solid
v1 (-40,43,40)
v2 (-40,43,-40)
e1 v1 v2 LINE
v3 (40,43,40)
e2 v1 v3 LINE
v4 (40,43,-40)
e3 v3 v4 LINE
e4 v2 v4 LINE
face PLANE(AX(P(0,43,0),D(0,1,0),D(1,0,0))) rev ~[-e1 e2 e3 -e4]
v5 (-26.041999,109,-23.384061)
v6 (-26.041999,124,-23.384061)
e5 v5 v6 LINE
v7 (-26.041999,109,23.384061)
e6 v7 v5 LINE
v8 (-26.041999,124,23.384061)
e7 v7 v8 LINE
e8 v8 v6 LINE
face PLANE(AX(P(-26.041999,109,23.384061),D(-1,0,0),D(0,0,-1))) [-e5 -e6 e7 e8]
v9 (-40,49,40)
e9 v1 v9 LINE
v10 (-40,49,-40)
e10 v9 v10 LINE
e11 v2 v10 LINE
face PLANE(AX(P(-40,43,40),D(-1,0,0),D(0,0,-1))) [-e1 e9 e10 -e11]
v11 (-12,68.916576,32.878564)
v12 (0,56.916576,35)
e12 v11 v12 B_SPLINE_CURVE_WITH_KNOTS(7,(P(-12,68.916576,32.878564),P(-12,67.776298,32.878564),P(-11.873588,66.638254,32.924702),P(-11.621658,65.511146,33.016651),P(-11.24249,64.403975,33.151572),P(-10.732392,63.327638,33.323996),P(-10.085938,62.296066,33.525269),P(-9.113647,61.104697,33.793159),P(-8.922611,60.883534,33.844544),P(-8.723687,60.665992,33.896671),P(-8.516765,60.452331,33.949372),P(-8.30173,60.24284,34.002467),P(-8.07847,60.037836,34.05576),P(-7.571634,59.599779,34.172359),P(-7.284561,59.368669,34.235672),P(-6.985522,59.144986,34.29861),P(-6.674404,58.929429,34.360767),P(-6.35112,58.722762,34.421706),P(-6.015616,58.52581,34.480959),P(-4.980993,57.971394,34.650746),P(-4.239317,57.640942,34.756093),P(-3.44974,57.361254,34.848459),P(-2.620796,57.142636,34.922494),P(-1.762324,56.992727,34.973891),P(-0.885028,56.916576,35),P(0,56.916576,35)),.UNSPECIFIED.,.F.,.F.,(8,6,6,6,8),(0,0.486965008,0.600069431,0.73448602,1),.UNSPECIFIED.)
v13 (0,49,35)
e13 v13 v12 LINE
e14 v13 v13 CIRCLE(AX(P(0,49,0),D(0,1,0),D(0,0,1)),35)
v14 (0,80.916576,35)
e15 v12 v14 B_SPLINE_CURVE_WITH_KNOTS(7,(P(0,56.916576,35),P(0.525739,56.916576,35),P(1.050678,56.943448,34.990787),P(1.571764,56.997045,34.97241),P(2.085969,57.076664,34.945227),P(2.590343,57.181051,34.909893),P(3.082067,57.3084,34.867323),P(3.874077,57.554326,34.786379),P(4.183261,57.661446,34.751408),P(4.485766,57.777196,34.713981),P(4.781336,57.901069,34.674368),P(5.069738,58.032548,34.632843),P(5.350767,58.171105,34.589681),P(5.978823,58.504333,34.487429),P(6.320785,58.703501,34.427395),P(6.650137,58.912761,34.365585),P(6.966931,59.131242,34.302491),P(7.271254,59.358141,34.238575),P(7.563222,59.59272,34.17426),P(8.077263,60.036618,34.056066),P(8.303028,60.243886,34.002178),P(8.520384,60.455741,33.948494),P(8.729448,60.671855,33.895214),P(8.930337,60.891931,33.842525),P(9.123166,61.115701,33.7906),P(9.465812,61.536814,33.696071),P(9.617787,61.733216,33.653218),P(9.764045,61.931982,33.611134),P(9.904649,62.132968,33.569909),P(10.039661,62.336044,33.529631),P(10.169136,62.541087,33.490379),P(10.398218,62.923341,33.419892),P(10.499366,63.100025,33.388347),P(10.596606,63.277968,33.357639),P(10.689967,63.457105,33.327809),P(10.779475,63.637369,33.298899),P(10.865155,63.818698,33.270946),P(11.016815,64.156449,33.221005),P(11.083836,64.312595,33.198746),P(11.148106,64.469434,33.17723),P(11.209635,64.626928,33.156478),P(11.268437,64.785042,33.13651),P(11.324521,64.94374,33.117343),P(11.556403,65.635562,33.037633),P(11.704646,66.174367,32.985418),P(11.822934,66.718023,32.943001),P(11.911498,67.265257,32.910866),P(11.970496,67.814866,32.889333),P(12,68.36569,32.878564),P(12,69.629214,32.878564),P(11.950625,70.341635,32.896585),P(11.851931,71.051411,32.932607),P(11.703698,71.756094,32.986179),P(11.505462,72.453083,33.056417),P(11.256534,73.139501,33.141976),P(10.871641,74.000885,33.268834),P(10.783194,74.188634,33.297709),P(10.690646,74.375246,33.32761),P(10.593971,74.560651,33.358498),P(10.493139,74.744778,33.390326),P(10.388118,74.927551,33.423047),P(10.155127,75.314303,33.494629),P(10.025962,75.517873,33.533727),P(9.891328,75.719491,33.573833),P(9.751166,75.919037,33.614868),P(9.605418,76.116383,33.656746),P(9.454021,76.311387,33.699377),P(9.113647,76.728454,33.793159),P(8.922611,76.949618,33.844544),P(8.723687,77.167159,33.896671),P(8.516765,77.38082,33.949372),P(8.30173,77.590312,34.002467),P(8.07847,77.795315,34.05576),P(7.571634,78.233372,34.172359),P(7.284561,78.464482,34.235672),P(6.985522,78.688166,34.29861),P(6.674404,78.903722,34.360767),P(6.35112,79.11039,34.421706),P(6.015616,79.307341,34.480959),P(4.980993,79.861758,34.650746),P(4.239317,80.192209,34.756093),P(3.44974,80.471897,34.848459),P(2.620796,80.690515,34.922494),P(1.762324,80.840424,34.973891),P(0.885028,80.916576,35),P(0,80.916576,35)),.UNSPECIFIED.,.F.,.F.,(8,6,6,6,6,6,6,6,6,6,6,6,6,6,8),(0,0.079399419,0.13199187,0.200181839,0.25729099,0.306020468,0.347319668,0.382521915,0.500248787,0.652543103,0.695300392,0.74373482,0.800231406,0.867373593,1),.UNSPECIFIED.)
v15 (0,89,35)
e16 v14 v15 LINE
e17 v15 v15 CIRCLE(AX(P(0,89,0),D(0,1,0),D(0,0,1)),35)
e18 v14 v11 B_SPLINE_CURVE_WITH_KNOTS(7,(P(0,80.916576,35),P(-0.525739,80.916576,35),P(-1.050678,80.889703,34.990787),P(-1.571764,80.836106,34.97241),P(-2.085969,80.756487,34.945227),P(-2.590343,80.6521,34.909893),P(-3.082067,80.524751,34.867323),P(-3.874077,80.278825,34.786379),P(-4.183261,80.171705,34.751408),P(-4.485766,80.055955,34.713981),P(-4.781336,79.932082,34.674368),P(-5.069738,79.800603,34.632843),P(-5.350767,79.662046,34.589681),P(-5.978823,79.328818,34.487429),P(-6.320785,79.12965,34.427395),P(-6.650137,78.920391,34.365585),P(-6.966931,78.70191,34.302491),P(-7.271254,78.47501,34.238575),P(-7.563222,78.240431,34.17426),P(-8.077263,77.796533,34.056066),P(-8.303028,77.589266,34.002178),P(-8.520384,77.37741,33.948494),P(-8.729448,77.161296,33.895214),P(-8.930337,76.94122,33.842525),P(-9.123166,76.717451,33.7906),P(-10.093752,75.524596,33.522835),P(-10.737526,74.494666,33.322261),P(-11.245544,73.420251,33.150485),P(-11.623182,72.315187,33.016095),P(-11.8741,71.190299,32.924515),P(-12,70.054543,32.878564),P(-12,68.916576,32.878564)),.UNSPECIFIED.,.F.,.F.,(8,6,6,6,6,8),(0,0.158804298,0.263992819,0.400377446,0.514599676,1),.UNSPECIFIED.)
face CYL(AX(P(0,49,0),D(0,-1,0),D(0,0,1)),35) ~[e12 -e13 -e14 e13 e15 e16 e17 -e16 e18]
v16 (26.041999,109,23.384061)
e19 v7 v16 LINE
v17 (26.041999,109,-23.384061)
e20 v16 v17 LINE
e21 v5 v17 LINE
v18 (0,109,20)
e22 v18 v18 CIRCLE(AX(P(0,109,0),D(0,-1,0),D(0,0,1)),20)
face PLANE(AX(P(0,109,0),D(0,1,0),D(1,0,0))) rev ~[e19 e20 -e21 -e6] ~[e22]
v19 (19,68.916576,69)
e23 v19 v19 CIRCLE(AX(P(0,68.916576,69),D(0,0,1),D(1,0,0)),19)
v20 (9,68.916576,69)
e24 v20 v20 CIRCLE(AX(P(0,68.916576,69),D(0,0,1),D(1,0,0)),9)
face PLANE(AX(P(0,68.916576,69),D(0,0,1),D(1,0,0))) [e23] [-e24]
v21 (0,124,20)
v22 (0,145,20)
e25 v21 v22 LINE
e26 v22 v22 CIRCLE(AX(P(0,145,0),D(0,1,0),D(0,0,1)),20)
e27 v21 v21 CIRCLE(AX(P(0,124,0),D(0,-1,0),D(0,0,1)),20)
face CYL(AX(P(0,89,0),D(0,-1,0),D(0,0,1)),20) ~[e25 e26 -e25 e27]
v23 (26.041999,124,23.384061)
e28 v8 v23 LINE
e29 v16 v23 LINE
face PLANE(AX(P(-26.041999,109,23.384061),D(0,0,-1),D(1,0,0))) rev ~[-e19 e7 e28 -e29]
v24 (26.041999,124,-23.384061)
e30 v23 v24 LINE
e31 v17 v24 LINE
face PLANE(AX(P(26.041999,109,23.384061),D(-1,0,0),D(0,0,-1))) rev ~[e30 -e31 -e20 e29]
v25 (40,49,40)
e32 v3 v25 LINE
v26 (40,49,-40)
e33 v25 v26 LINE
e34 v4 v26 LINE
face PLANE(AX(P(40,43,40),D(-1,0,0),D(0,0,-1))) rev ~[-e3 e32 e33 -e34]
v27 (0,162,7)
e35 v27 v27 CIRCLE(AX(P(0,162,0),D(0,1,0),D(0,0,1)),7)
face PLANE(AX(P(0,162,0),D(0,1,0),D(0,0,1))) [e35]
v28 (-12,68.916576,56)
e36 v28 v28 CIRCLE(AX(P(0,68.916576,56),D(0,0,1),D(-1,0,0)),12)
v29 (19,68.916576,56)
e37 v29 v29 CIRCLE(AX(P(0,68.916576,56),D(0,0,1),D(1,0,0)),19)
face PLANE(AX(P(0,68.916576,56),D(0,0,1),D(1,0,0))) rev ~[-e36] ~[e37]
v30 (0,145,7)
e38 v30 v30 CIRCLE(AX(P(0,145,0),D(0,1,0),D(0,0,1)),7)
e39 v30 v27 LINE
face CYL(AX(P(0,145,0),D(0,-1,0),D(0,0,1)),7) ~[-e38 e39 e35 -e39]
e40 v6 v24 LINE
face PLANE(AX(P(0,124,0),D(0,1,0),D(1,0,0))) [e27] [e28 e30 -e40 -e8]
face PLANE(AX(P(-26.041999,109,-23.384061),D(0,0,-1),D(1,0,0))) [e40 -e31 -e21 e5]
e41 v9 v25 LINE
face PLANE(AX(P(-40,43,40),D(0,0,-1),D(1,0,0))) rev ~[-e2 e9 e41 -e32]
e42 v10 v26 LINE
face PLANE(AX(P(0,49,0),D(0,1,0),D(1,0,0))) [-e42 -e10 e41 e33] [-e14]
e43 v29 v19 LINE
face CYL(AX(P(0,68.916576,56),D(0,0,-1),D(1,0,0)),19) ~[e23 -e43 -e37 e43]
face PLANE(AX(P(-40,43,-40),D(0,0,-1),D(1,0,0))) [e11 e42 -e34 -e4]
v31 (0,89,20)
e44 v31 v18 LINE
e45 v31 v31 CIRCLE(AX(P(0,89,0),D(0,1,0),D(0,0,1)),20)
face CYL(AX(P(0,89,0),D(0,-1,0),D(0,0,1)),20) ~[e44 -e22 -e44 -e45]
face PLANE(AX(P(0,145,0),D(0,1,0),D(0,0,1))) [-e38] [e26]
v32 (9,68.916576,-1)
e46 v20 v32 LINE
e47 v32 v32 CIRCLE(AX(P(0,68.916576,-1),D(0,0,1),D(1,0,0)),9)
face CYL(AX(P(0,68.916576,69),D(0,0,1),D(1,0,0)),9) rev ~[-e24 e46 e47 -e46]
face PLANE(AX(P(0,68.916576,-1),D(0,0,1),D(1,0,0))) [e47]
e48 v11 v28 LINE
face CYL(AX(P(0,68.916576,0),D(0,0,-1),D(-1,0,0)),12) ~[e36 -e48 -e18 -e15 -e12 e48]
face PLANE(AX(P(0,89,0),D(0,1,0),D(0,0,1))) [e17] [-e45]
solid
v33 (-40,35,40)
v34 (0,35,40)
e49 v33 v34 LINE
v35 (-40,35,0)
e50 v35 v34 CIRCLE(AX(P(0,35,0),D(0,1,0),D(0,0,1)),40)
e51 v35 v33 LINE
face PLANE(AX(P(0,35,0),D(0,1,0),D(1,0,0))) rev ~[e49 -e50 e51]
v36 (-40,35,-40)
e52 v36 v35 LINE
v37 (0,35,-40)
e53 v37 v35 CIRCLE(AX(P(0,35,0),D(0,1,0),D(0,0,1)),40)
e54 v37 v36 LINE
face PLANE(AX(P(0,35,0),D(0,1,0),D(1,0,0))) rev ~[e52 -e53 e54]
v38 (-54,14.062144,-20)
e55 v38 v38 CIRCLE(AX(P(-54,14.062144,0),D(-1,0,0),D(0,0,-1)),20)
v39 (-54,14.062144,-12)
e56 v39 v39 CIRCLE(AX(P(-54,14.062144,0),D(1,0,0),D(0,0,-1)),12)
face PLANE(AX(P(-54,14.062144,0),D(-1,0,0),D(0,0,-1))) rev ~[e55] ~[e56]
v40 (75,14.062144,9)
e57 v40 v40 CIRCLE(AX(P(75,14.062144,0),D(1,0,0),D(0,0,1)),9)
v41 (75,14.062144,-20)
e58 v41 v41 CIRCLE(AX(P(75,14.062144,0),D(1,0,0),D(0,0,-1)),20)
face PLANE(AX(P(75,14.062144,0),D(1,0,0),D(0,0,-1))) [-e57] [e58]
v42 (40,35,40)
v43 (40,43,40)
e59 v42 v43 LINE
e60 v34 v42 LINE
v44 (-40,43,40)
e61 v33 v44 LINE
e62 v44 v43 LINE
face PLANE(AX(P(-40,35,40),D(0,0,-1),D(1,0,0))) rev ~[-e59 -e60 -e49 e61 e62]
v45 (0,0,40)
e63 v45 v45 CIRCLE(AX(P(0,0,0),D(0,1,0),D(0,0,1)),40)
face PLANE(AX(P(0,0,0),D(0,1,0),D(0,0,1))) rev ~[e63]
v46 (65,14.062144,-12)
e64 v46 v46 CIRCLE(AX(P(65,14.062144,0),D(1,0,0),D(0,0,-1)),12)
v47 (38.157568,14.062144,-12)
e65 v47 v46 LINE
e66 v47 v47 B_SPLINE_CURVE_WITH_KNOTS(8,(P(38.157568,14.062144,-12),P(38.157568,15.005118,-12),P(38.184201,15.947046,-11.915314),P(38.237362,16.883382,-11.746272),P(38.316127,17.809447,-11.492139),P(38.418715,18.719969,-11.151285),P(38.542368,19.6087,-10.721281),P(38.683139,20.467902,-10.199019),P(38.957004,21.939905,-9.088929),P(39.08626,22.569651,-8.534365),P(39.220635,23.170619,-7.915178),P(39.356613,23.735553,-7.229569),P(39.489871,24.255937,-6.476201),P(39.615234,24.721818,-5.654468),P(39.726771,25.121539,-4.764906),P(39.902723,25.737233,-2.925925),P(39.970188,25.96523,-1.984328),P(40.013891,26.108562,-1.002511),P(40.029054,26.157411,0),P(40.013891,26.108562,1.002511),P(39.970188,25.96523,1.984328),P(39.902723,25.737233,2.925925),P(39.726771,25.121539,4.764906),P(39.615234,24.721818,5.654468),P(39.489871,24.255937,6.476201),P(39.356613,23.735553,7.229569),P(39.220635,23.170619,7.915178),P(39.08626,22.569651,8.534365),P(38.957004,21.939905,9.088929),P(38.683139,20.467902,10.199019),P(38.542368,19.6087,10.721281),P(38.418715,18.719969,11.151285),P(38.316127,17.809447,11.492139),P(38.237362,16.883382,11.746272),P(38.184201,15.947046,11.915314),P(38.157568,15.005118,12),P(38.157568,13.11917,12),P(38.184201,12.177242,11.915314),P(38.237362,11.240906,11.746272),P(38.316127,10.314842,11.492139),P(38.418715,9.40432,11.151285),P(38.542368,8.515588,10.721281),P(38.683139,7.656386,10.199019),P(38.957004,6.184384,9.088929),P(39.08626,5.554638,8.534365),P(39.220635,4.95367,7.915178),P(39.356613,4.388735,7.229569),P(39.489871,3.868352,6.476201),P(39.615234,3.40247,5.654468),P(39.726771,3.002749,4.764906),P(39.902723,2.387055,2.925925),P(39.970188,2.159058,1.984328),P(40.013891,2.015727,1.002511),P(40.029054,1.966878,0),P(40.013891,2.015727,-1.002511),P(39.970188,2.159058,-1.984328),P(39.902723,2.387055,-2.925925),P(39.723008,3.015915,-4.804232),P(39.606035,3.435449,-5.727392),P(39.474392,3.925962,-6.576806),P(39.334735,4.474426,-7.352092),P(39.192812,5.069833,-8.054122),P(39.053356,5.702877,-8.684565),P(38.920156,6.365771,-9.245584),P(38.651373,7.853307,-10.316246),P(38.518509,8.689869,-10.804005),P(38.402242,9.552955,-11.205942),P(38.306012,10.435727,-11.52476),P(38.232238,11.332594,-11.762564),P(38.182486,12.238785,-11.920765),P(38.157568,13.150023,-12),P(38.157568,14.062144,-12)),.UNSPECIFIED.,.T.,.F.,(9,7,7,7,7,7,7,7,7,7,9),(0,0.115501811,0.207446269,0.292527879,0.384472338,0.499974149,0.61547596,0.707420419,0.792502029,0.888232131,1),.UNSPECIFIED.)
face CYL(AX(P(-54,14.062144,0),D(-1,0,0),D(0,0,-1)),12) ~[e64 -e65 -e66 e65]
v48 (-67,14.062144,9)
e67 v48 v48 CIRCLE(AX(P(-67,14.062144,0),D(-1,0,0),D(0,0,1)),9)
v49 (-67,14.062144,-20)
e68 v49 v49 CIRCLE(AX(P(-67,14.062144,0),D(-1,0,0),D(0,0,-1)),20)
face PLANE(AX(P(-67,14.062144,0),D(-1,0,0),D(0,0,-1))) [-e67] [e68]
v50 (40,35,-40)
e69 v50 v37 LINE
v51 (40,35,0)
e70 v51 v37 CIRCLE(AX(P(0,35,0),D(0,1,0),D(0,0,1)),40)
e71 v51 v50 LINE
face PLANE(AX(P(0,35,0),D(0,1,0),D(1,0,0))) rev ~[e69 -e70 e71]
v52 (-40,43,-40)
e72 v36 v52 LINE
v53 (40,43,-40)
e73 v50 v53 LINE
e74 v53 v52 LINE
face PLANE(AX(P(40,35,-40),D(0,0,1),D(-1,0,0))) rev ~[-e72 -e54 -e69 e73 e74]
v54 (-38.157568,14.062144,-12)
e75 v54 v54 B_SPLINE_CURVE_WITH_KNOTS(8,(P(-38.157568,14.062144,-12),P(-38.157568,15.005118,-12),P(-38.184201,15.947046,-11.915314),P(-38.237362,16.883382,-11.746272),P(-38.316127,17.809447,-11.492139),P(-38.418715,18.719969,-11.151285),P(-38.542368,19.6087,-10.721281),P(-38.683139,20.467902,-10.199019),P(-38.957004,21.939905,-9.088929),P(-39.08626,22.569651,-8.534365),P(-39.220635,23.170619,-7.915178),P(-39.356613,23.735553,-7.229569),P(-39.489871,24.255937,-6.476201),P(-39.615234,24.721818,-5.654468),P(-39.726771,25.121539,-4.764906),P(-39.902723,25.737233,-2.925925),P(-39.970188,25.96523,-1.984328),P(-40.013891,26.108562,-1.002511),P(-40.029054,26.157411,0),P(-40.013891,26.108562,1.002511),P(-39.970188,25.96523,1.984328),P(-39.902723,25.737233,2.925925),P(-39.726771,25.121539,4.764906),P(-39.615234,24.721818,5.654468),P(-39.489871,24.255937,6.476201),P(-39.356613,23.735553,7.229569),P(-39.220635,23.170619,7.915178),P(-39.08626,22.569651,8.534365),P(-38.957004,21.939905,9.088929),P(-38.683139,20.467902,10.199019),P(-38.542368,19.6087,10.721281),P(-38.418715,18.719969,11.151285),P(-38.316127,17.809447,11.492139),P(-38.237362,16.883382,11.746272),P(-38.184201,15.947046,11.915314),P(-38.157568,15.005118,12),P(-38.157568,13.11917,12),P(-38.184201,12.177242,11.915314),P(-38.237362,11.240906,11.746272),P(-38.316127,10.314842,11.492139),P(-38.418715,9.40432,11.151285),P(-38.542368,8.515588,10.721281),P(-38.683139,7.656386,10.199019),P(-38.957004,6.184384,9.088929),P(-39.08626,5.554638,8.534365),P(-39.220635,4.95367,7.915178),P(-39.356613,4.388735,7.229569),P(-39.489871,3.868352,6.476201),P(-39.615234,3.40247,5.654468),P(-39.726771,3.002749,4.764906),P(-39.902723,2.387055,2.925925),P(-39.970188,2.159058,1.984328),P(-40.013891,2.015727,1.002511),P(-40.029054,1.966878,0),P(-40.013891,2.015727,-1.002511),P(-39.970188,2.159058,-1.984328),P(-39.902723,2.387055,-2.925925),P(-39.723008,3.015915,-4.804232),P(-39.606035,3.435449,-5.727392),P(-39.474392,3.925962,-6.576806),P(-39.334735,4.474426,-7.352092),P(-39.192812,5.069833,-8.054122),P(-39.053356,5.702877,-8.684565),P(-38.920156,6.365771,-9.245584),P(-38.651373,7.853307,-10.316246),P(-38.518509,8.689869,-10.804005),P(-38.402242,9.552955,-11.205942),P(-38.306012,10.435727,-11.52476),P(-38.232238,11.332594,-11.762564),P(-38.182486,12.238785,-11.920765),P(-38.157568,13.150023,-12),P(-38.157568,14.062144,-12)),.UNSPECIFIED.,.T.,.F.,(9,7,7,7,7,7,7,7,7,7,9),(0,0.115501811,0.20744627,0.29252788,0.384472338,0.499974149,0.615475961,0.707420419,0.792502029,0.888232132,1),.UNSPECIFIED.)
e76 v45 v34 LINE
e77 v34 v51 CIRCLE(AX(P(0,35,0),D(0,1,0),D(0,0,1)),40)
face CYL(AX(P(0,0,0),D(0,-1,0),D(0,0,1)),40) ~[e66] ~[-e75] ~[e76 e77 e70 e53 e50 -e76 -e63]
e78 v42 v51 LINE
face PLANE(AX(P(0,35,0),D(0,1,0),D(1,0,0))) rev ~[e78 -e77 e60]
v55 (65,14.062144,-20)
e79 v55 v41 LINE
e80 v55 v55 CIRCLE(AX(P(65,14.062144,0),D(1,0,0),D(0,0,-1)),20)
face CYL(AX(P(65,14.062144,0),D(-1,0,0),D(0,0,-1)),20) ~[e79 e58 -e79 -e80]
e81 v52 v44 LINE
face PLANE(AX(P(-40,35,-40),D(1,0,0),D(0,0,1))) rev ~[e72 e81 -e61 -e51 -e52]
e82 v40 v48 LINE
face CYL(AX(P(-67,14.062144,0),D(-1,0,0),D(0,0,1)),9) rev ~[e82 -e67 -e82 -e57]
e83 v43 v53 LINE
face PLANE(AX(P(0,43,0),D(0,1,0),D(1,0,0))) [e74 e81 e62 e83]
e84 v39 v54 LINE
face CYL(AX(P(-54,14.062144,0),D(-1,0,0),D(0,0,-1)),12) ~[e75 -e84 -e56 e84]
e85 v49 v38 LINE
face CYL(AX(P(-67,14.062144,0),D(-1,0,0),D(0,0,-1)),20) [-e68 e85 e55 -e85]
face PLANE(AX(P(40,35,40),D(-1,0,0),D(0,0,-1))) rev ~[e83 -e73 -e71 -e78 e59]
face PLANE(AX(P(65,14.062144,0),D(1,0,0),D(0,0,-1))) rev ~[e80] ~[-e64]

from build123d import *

# Parameters (mm, degrees)
SKETCH1_R                = 40
BOSS_EXTRUDE1_DEPTH      = 35
BOSS_EXTRUDE2_DEPTH      = 65
BOSS_EXTRUDE2_DEPTH_BACK = 54
SKETCH2_R                = 12
SKETCH3_R                = 20
BOSS_EXTRUDE3_DEPTH      = 10
BOSS_EXTRUDE4_DEPTH      = 8
SKETCH8_W                = 80
SKETCH8_H                = 80
BOSS_EXTRUDE5_DEPTH      = 6
SKETCH9_R                = 35
BOSS_EXTRUDE6_DEPTH      = 40
SKETCH10_R               = 20
BOSS_EXTRUDE7_DEPTH      = 56
SKETCH13_W               = 52.083997036
SKETCH13_H               = 46.768122186
BOSS_EXTRUDE8_DEPTH      = 15
SKETCH14_R               = 12
BOSS_EXTRUDE9_DEPTH      = 56
SKETCH15_R               = 19
BOSS_EXTRUDE10_DEPTH     = 13
SKETCH21_R               = 7
BOSS_EXTRUDE12_DEPTH     = 17
BOSS_EXTRUDE11_START     = 13
SKETCH18_R               = 20
BOSS_EXTRUDE11_DEPTH     = 13
SKETCH20_R               = 9
CUT_EXTRUDE3_DEPTH       = 37
CUT_EXTRUDE2_START       = -159
SKETCH4_R                = 9
CUT_EXTRUDE2_DEPTH       = 159
SKETCH16_R               = 9
CUT_EXTRUDE4_DEPTH       = 70


with BuildPart() as part:
    # Sketch1 → Boss-Extrude1 (new body)
    with BuildSketch(Plane(origin=(0, 0, 0), x_dir=(1, 0, 0), z_dir=(0, 1, 0))):
        with Locations(Location((0, 0, 0), (0, 0, 270))):
            Circle(SKETCH1_R)
    extrude(amount=BOSS_EXTRUDE1_DEPTH)

    # Sketch2 → Boss-Extrude2 (add, two sides: drawn at the far end of the back side and taken through both)
    with BuildSketch(Plane(origin=(0, 0, 0), x_dir=(0, 0, -1), z_dir=(1, 0, 0)).offset(-BOSS_EXTRUDE2_DEPTH_BACK)):
        with Locations((0, 14.062144172)):
            Circle(SKETCH2_R)
    extrude(amount=BOSS_EXTRUDE2_DEPTH + BOSS_EXTRUDE2_DEPTH_BACK)

    # Sketch3 → Boss-Extrude3 (add)
    with BuildSketch(Plane(origin=(65, 0, 0), x_dir=(0, 0, -1), z_dir=(1, 0, 0))):
        with Locations((0, 14.062144172)):
            Circle(SKETCH3_R)
    extrude(amount=BOSS_EXTRUDE3_DEPTH)

    # Sketch6 → Boss-Extrude4 (add)
    with BuildSketch(Plane(origin=(0, 35, 0), x_dir=(1, 0, 0), z_dir=(0, 1, 0))):
        Polygon((0, 40), (-40, 40), (-40, -40), (40, -40), (40, 40), align=None)
    extrude(amount=BOSS_EXTRUDE4_DEPTH)

    # Sketch18 → Boss-Extrude11 (add)
    with BuildSketch(Plane.ZY.offset(54).offset(BOSS_EXTRUDE11_START)):
        with Locations(Location((0, 14.062144172, 0), (0, 0, 180))):
            Circle(SKETCH18_R)
    extrude(amount=-BOSS_EXTRUDE11_DEPTH)

    # Sketch20 → Cut-Extrude3 (cut)
    with BuildSketch(Plane.ZY.offset(67)):
        with Locations((0, 14.062144172)):
            Circle(SKETCH20_R)
    extrude(amount=-CUT_EXTRUDE3_DEPTH, mode=Mode.SUBTRACT)

    # Sketch4 → Cut-Extrude2 (cut)
    with BuildSketch(Plane(origin=(75, 0, 0), x_dir=(0, 0, -1), z_dir=(1, 0, 0)).offset(CUT_EXTRUDE2_START)):
        with Locations(Location((0, 14.062144172, 0), (0, 0, 180))):
            Circle(SKETCH4_R)
    extrude(amount=CUT_EXTRUDE2_DEPTH, mode=Mode.SUBTRACT)


with BuildPart() as body_2:
    # Sketch8 → Boss-Extrude5 (new body)
    with BuildSketch(Plane(origin=(0, 43, 0), x_dir=(1, 0, 0), z_dir=(0, 1, 0))):
        Rectangle(SKETCH8_W, SKETCH8_H)
    extrude(amount=BOSS_EXTRUDE5_DEPTH)

    # Sketch9 → Boss-Extrude6 (add)
    with BuildSketch(Plane(origin=(0, 49, 0), x_dir=(1, 0, 0), z_dir=(0, 1, 0))):
        with Locations(Location((0, 0, 0), (0, 0, 270))):
            Circle(SKETCH9_R)
    extrude(amount=BOSS_EXTRUDE6_DEPTH)

    # Sketch10 → Boss-Extrude7 (add)
    with BuildSketch(Plane(origin=(0, 89, 0), x_dir=(1, 0, 0), z_dir=(0, 1, 0))):
        with Locations(Location((0, 0, 0), (0, 0, 270))):
            Circle(SKETCH10_R)
    extrude(amount=BOSS_EXTRUDE7_DEPTH)

    # Sketch13 → Boss-Extrude8 (add)
    with BuildSketch(Plane(origin=(0, 109, 0), x_dir=(1, 0, 0), z_dir=(0, 1, 0))):
        Rectangle(SKETCH13_W, SKETCH13_H)
    extrude(amount=BOSS_EXTRUDE8_DEPTH)

    # Sketch14 → Boss-Extrude9 (add)
    with BuildSketch(Plane.XY):
        with Locations(Location((0, 68.916575602, 0), (0, 0, 180))):
            Circle(SKETCH14_R)
    extrude(amount=BOSS_EXTRUDE9_DEPTH)

    # Sketch15 → Boss-Extrude10 (add)
    with BuildSketch(Plane.XY.offset(56)):
        with Locations((0, 68.916575602)):
            Circle(SKETCH15_R)
    extrude(amount=BOSS_EXTRUDE10_DEPTH)

    # Sketch21 → Boss-Extrude12 (add)
    with BuildSketch(Plane(origin=(0, 145, 0), x_dir=(1, 0, 0), z_dir=(0, 1, 0))):
        with Locations(Location((0, 0, 0), (0, 0, 270))):
            Circle(SKETCH21_R)
    extrude(amount=BOSS_EXTRUDE12_DEPTH)

    # Sketch16 → Cut-Extrude4 (cut)
    with BuildSketch(Plane.XY.offset(69)):
        with Locations((0, 68.916575602)):
            Circle(SKETCH16_R)
    extrude(amount=-CUT_EXTRUDE4_DEPTH, mode=Mode.SUBTRACT)


solid = Compound([part.part, body_2.part])
